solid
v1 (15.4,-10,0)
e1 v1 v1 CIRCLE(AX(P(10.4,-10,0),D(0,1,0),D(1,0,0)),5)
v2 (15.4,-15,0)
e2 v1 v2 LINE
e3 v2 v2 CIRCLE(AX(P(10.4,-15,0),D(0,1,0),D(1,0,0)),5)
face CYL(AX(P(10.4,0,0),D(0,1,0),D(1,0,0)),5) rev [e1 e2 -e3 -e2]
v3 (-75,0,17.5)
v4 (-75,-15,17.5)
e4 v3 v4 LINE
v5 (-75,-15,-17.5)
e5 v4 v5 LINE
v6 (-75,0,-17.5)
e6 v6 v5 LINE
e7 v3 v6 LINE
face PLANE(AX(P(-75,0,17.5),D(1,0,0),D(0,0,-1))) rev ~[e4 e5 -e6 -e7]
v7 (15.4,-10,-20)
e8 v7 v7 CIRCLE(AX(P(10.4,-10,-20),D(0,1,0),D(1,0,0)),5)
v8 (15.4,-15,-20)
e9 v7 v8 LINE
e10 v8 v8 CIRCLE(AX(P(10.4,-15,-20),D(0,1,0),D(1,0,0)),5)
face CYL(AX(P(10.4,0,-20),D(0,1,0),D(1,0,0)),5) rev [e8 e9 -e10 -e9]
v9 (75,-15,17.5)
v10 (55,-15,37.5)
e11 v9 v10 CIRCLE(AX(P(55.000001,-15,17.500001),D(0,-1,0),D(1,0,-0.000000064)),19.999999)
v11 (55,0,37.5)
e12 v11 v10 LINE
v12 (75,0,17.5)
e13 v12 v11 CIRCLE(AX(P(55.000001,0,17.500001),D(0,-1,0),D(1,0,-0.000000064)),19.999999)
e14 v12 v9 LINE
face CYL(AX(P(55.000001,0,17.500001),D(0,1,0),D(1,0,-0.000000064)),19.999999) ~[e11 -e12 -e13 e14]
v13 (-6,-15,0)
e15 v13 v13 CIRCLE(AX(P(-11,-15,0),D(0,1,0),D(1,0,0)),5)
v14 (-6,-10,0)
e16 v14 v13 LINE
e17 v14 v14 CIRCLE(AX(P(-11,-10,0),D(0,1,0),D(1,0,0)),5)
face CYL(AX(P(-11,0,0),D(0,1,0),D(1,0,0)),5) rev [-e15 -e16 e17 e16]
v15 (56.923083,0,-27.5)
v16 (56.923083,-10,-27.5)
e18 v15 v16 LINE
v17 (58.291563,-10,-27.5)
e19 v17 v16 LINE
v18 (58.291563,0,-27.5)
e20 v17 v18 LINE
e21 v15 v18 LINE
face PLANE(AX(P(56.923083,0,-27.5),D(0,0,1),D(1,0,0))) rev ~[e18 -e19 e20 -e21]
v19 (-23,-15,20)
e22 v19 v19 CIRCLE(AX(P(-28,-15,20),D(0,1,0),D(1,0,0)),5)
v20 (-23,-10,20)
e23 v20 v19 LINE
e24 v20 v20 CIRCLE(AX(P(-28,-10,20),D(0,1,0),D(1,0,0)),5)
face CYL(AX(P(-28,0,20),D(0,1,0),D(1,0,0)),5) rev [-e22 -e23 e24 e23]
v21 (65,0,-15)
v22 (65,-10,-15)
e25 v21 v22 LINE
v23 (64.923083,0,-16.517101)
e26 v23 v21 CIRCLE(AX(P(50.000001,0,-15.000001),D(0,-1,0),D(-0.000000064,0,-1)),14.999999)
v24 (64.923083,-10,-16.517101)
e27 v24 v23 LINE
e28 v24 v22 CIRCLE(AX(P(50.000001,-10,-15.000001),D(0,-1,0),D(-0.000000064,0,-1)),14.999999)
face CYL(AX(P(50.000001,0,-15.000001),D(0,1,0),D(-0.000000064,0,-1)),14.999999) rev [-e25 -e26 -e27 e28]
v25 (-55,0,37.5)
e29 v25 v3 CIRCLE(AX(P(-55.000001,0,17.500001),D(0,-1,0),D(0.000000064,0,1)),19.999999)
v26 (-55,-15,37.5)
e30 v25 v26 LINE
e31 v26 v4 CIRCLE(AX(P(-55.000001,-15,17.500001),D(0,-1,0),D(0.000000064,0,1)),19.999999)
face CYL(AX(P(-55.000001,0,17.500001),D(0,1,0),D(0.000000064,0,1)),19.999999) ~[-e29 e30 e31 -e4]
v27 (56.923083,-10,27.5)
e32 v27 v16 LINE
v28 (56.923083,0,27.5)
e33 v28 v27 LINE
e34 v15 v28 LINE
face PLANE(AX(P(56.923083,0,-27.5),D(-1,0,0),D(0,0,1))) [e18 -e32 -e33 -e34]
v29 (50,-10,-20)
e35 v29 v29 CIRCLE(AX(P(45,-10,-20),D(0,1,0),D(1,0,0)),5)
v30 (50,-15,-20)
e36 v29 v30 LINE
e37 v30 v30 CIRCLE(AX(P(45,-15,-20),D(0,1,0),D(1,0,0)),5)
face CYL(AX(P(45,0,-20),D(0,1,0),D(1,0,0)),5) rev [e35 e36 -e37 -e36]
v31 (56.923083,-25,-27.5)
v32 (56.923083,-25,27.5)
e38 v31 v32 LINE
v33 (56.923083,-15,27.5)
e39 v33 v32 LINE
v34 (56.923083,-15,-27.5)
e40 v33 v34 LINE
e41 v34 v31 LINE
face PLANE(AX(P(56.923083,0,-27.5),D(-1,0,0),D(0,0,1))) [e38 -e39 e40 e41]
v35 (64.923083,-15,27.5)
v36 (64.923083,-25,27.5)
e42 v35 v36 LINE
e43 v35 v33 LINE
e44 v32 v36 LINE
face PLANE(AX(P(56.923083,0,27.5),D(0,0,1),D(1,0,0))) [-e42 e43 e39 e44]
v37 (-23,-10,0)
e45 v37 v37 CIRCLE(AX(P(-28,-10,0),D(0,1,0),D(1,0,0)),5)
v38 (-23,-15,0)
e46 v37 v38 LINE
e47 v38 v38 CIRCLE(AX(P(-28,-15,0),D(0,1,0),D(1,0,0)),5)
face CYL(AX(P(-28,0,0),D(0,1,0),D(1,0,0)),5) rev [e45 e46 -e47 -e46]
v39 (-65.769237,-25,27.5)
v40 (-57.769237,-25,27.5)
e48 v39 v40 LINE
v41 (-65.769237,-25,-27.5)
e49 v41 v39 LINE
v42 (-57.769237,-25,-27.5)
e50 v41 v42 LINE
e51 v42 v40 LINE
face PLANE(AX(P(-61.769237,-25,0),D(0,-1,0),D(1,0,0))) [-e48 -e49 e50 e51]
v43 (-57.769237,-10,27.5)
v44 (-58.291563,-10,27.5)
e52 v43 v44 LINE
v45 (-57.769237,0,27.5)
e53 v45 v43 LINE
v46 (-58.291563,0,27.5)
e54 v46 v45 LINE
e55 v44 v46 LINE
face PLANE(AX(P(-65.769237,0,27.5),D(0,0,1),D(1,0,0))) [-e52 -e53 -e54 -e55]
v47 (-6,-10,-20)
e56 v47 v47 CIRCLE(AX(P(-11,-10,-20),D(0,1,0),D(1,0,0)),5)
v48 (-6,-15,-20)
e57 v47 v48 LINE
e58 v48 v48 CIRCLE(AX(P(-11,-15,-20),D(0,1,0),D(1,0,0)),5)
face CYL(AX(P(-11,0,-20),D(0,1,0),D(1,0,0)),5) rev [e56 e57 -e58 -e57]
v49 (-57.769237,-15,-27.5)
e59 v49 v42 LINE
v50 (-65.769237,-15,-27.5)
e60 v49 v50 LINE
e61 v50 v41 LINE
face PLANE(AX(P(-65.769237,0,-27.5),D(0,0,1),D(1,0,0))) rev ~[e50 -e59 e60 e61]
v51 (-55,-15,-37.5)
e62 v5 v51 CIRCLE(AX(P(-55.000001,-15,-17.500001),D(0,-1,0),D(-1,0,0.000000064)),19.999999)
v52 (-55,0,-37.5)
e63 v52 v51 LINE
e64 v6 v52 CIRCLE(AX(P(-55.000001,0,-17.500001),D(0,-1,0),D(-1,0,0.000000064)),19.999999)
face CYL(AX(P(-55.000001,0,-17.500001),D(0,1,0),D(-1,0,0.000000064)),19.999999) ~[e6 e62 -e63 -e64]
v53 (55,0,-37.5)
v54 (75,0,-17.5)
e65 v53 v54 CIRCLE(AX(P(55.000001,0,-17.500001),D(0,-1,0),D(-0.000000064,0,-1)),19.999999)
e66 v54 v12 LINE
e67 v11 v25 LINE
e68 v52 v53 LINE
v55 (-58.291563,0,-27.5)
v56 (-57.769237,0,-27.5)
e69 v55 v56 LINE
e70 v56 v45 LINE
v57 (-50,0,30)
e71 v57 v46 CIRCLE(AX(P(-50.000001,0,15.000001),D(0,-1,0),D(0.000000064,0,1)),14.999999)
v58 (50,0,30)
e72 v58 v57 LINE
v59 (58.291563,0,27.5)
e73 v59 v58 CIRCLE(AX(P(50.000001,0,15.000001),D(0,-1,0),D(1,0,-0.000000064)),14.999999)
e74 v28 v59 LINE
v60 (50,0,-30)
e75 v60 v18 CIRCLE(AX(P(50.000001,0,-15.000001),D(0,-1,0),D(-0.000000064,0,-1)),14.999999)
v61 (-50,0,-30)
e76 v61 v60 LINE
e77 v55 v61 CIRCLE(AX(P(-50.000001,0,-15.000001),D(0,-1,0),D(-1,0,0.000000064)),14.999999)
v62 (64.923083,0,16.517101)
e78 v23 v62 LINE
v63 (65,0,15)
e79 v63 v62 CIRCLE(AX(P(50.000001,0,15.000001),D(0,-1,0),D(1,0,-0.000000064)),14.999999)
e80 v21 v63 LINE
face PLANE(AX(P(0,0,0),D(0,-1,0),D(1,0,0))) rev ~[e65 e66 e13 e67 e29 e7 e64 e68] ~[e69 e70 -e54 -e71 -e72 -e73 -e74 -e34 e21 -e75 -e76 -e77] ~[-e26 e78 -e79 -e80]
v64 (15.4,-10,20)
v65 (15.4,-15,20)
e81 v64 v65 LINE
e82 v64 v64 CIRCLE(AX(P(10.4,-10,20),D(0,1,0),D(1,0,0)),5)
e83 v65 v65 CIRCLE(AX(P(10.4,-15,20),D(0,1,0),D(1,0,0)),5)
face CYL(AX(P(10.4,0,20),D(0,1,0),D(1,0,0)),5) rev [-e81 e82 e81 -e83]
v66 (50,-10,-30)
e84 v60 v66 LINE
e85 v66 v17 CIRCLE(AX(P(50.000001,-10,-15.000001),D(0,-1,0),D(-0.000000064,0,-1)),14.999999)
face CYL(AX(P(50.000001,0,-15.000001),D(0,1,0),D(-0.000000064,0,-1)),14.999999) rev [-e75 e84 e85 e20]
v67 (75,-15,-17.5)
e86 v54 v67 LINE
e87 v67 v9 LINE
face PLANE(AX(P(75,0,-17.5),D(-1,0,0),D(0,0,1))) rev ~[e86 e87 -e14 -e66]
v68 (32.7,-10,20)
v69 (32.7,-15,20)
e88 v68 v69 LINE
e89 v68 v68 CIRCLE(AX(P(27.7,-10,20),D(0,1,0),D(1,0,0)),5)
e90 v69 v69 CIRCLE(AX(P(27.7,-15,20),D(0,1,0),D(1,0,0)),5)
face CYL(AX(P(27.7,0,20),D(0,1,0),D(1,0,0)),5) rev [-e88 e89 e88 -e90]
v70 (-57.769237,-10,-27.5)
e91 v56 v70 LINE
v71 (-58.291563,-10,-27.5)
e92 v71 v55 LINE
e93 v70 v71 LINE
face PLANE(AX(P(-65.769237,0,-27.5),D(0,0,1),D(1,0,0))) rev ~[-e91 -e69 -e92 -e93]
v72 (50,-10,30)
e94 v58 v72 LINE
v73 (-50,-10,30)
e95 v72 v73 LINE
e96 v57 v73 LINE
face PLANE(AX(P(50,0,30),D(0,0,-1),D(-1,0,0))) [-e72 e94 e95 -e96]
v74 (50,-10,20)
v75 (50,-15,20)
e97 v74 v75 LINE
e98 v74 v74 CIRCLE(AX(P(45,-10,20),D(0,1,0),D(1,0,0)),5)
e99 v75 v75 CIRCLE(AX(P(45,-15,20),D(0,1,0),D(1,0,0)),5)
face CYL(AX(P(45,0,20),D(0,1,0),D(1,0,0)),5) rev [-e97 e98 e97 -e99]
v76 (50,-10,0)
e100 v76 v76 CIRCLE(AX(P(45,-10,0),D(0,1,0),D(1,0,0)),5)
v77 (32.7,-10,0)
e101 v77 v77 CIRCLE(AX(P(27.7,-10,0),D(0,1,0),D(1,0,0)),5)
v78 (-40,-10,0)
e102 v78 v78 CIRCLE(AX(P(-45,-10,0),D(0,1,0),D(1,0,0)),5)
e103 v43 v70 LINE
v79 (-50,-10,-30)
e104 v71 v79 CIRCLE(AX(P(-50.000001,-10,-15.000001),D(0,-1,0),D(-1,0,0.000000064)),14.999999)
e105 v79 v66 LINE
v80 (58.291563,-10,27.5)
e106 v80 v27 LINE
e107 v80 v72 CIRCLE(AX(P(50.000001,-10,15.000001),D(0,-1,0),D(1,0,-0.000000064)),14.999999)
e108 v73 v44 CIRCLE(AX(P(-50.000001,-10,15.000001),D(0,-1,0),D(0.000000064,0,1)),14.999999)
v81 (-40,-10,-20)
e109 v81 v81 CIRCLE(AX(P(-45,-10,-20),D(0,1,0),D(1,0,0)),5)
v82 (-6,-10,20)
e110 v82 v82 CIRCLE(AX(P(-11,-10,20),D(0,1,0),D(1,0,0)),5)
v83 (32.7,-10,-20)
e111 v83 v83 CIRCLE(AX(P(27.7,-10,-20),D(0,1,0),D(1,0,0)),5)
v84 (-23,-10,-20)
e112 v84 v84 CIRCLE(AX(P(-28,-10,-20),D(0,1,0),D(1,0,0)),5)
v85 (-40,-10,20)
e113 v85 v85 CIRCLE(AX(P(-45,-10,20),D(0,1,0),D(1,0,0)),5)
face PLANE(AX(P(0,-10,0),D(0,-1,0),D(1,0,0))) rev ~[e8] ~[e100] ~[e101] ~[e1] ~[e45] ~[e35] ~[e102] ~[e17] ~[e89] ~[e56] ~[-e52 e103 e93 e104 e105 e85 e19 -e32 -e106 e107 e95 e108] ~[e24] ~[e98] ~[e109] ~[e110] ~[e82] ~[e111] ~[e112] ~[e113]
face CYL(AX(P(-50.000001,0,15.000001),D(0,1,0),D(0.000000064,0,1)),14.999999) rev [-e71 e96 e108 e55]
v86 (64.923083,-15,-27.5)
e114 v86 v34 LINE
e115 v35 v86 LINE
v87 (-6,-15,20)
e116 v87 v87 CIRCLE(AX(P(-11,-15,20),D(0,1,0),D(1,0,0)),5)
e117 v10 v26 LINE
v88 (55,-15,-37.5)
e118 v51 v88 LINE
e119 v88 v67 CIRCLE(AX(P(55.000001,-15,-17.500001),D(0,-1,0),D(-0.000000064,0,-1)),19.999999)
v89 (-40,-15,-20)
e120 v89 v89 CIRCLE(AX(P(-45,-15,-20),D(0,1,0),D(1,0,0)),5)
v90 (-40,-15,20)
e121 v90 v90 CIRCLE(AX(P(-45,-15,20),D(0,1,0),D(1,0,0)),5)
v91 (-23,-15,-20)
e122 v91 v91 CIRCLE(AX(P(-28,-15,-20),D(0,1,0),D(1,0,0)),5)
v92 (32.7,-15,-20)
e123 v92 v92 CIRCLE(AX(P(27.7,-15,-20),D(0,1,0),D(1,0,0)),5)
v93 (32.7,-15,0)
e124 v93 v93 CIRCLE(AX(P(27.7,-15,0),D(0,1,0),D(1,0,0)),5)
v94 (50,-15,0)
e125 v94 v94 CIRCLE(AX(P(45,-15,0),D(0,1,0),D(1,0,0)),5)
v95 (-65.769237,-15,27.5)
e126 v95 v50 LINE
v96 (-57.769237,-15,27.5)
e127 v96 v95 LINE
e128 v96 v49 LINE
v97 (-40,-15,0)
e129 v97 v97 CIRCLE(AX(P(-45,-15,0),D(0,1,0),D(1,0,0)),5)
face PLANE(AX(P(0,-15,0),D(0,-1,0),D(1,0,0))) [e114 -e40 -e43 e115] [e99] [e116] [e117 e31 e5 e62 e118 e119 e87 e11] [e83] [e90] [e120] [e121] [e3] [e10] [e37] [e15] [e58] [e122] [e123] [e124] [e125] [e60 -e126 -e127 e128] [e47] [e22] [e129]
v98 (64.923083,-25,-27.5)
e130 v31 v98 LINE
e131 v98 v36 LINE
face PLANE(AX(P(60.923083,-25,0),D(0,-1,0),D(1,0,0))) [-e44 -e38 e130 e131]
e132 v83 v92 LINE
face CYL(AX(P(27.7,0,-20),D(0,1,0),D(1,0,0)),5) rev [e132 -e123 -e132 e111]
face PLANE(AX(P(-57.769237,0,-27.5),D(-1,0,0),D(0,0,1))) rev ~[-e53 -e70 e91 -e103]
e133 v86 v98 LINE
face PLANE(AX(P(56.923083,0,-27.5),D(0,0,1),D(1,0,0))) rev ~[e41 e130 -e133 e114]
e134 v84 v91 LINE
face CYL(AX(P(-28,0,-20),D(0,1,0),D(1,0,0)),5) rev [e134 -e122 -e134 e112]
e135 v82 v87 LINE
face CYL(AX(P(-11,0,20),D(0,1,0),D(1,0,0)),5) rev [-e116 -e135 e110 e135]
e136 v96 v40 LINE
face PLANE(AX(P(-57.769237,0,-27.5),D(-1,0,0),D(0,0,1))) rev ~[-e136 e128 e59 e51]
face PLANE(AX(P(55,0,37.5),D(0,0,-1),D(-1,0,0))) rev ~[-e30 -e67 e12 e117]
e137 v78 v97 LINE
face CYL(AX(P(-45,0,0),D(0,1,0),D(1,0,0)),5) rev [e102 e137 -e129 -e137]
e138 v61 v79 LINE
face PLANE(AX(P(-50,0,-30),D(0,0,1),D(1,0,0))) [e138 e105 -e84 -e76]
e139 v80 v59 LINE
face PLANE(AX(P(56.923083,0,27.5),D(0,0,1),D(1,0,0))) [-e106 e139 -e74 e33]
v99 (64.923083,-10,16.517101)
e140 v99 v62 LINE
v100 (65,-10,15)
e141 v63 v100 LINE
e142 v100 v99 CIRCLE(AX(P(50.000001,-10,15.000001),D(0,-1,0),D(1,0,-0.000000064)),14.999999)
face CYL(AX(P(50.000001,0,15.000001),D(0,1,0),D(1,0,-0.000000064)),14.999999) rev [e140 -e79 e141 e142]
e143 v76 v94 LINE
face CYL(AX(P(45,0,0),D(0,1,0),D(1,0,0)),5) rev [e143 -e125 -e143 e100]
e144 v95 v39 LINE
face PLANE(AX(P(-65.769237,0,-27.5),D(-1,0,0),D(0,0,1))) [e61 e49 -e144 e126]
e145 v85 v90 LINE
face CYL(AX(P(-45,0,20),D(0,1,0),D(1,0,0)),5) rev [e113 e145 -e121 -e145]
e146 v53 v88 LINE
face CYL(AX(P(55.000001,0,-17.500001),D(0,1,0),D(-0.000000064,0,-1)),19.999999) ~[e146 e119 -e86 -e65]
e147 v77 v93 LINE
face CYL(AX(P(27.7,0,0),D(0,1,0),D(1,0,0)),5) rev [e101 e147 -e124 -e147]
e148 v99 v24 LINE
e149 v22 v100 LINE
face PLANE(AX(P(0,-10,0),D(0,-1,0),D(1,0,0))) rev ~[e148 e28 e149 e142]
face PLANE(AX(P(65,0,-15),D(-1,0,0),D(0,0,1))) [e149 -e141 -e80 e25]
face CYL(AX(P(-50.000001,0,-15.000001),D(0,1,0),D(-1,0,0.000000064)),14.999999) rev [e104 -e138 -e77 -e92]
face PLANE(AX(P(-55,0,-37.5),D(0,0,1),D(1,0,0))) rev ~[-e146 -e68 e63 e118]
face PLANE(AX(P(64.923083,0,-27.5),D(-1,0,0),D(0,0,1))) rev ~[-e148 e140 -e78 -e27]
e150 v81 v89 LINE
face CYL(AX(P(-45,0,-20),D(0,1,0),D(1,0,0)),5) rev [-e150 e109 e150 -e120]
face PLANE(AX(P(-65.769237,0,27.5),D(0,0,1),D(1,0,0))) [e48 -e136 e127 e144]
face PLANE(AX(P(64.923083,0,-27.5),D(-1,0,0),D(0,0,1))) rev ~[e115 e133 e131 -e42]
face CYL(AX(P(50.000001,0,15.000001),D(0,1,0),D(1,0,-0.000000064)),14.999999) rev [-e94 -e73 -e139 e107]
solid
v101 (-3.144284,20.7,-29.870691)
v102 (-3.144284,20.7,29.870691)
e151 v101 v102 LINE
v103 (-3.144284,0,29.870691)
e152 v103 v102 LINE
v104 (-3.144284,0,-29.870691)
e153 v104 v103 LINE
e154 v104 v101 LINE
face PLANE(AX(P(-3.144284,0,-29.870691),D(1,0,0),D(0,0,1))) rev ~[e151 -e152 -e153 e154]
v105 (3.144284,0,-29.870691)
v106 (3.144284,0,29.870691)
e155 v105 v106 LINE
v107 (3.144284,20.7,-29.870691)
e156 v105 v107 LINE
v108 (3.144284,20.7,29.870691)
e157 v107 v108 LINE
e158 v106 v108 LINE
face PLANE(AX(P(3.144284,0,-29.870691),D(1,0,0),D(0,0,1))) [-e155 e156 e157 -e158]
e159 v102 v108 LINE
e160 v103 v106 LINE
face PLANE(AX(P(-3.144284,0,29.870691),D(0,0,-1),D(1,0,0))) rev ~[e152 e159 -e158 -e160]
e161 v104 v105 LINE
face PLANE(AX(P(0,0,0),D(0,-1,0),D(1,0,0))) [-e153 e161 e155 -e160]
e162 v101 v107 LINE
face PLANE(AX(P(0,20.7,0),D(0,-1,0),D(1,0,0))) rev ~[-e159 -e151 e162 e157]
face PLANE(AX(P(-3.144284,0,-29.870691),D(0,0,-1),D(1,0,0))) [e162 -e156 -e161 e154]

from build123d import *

# Parameters (mm, degrees)
F1_DEPTH = 15
F3_DEPTH = 10
F4_W     = 6.288568
F4_H     = 59.741382
F5_DEPTH = 20.7
F6_R     = 5
F7_DEPTH = 15.001
F8_W     = 8
F8_H     = 55
F9_DEPTH = 25


with BuildPart() as f1:
    # F0 (on Front) → F1 (new body)
    with BuildSketch(Plane.XZ):
        with BuildLine():
            Line((55, 37.5), (-55, 37.5))
            ThreePointArc((-55, 37.5), (-69.142136, 31.642136), (-75, 17.5))
            Line((-75, 17.5), (-75, -17.5))
            ThreePointArc((-75, -17.5), (-69.142136, -31.642136), (-55, -37.5))
            Line((-55, -37.5), (55, -37.5))
            ThreePointArc((55, -37.5), (69.142136, -31.642136), (75, -17.5))
            Line((75, -17.5), (75, 17.5))
            ThreePointArc((75, 17.5), (69.142136, 31.642136), (55, 37.5))
        make_face()
    extrude(amount=F1_DEPTH)

    # F2 (on Front) → F3 (cut)
    with BuildSketch(Plane.XZ):
        with BuildLine():
            ThreePointArc((65, 15), (60.606602, 25.606602), (50, 30))
            Line((50, 30), (-50, 30))
            ThreePointArc((-50, 30), (-60.606602, 25.606602), (-65, 15))
            Line((-65, 15), (-65, -15))
            ThreePointArc((-65, -15), (-60.606602, -25.606602), (-50, -30))
            Line((-50, -30), (50, -30))
            ThreePointArc((50, -30), (60.606602, -25.606602), (65, -15))
            Line((65, -15), (65, 15))
        make_face()
    extrude(amount=F3_DEPTH, mode=Mode.SUBTRACT)

    # F6 (on Front) → F7 (cut, through all)
    with BuildSketch(Plane.XZ):
        with Locations((45, -20)):
            Circle(F6_R)
        with Locations((45, 0)):
            Circle(F6_R)
        with Locations((27.7, 20)):
            Circle(F6_R)
        with Locations((10.4, 20)):
            Circle(F6_R)
        with Locations((27.7, 0)):
            Circle(F6_R)
        with Locations((10.4, 0)):
            Circle(F6_R)
        with Locations((27.7, -20)):
            Circle(F6_R)
        with Locations((10.4, -20)):
            Circle(F6_R)
        with Locations((-45, 20)):
            Circle(F6_R)
        with Locations((-28, 20)):
            Circle(F6_R)
        with Locations((-11, 20)):
            Circle(F6_R)
        with Locations((-45, -20)):
            Circle(F6_R)
        with Locations((-28, -20)):
            Circle(F6_R)
        with Locations((-11, -20)):
            Circle(F6_R)
        with Locations((-45, 0)):
            Circle(F6_R)
        with Locations((-28, 0)):
            Circle(F6_R)
        with Locations((-11, 0)):
            Circle(F6_R)
        with Locations((45, 20)):
            Circle(F6_R)
    extrude(amount=F7_DEPTH, mode=Mode.SUBTRACT)

    # F8 (on Front) → F9 (join)
    with BuildSketch(Plane.XZ):
        with Locations((-61.769237, 0)):
            Rectangle(F8_W, F8_H)
        with Locations((60.923083, 0)):
            Rectangle(F8_W, F8_H)
    extrude(amount=F9_DEPTH)


with BuildPart() as f5:
    # F4 (on Front) → F5 (new body)
    with BuildSketch(Plane.XZ):
        Rectangle(F4_W, F4_H)
    extrude(amount=-F5_DEPTH)


solid = Compound([f1.part, f5.part])
